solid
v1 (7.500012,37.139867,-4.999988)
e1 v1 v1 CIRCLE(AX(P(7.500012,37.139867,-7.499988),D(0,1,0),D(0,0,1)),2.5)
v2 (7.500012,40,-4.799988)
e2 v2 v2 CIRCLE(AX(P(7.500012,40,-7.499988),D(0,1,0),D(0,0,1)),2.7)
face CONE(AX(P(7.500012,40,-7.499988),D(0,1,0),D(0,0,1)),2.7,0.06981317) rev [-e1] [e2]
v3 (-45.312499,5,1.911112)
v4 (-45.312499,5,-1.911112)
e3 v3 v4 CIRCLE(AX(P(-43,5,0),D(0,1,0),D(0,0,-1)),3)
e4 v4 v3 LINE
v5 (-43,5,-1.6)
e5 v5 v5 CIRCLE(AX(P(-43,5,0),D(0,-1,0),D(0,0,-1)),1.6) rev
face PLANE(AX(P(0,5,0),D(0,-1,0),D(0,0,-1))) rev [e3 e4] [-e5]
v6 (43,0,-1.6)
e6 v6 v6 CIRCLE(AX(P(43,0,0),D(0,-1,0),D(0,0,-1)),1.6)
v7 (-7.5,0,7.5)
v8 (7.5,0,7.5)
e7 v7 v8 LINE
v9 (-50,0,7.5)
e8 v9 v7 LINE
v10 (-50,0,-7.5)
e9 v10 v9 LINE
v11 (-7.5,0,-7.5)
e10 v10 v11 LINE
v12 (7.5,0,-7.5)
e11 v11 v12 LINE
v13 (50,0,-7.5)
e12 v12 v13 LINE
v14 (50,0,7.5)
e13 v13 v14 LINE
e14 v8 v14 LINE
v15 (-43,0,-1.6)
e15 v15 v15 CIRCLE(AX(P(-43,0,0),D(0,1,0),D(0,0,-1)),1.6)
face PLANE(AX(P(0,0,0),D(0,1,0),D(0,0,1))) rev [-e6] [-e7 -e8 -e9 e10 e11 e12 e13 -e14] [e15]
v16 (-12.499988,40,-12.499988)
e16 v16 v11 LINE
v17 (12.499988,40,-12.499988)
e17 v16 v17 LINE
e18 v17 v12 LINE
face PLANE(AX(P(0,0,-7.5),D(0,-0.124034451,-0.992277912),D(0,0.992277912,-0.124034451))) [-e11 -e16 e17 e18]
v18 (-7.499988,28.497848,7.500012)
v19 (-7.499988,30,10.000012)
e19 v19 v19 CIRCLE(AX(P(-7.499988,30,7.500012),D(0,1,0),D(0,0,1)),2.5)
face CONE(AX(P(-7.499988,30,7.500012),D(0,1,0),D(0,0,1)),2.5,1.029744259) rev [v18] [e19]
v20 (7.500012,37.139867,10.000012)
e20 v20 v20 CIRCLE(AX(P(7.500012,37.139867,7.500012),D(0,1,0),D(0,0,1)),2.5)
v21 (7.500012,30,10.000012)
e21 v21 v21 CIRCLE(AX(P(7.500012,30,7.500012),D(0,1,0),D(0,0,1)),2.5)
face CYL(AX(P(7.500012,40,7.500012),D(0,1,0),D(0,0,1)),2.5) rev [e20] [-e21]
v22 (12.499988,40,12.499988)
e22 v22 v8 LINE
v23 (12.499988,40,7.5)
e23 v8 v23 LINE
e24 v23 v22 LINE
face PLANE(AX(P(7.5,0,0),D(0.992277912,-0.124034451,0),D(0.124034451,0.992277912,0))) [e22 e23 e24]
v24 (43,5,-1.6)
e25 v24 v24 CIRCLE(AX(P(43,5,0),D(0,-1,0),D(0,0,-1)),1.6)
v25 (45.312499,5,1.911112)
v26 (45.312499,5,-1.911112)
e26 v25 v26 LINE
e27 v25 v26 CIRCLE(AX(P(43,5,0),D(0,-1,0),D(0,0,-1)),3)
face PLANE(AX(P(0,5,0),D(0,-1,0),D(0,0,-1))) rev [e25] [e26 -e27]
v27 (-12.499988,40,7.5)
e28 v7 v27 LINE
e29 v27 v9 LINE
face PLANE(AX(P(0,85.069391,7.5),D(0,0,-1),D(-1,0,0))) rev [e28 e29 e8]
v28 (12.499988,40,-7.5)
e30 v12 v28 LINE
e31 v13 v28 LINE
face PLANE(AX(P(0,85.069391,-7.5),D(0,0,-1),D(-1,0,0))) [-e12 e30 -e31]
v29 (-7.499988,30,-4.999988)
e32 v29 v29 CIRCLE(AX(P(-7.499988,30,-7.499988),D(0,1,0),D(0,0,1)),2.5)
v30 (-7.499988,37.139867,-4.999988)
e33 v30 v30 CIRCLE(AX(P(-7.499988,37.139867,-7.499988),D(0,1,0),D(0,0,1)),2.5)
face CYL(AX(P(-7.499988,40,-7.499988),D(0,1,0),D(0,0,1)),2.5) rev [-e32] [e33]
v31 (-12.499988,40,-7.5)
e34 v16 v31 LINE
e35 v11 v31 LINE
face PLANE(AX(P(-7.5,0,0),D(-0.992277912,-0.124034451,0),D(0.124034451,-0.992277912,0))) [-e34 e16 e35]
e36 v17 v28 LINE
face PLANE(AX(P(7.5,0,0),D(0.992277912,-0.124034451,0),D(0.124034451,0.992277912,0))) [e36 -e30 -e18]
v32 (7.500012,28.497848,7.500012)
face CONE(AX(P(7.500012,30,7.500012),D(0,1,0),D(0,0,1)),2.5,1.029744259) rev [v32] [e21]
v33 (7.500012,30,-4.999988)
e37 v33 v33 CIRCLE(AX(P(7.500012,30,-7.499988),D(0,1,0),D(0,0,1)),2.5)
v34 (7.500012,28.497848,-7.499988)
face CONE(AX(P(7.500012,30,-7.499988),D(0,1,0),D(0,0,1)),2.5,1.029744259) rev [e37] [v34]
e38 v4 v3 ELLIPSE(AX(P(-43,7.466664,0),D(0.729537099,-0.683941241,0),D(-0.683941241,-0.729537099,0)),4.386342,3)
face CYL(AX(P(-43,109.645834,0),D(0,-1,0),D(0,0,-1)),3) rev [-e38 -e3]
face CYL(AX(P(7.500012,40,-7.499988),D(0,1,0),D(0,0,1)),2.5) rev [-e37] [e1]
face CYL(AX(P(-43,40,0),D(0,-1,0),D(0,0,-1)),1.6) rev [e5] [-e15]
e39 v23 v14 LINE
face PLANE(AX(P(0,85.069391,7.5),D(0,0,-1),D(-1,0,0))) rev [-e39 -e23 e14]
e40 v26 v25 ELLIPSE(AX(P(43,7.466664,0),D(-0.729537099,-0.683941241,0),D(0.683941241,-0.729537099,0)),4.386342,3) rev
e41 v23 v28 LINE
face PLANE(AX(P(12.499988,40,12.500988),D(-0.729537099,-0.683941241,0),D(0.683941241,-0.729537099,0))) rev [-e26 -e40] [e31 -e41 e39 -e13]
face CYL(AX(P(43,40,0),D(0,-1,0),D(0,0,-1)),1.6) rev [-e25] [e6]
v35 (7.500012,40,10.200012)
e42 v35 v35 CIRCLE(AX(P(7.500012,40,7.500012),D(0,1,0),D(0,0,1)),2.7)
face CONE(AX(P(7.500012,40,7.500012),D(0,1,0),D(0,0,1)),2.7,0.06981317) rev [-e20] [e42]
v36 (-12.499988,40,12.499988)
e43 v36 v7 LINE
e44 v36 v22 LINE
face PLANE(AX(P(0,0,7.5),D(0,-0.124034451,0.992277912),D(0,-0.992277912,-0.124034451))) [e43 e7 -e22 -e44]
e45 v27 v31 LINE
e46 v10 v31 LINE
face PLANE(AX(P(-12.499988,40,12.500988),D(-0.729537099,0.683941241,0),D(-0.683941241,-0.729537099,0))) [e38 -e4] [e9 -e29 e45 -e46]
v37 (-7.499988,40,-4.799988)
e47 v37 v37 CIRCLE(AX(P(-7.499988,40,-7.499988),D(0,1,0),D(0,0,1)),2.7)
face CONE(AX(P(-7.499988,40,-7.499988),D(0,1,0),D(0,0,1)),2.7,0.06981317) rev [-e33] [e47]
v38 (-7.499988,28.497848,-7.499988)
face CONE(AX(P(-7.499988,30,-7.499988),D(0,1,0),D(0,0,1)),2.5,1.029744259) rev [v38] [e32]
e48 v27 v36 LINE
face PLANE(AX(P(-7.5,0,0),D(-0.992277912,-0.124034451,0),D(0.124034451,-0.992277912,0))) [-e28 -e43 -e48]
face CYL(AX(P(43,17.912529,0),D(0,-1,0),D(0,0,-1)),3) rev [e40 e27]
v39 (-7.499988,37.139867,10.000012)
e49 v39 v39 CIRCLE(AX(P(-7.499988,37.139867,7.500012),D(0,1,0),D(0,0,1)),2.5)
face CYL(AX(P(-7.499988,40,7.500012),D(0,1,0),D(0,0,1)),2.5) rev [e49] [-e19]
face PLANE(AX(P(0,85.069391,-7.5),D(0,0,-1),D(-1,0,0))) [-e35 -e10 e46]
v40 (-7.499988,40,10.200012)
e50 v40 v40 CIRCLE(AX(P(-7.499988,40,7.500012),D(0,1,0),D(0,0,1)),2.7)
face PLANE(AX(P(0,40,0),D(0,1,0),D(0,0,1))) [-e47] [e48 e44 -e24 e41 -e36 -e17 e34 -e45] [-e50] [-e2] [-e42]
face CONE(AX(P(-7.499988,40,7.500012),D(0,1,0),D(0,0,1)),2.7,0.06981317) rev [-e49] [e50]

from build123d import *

# Parameters (mm, degrees)
SKETCH2_W            = 15
SKETCH2_H            = 15
BOSS_EXTRUDE1_DEPTH  = 40
BOSS_EXTRUDE1_TAPER  = -7.125
SKETCH2_4_W          = 42.5
SKETCH2_4_H          = 15
BOSS_EXTRUDE4_DEPTH  = 40
CUT_EXTRUDE1_DEPTH   = 15
CUT_EXTRUDE2_START   = -5
SKETCH5_R            = 1.6
SKETCH5_R_2          = 3
CUT_EXTRUDE2_DEPTH   = 35
SKETCH5_3_R          = 1.6
CUT_EXTRUDE3_DEPTH   = 41.0000001
LPATTERN1_COUNT      = 2
LPATTERN1_PITCH      = 15
LPATTERN1_COUNT_DIR2 = 2
LPATTERN1_PITCH_DIR2 = 15


with BuildPart() as part:
    # Sketch2 → Boss-Extrude1 (new body)
    with BuildSketch(Plane(origin=(0, 0, 0), x_dir=(1, 0, 0), z_dir=(0, 1, 0))):
        Rectangle(SKETCH2_W, SKETCH2_H)
    extrude(amount=BOSS_EXTRUDE1_DEPTH, taper=BOSS_EXTRUDE1_TAPER)

    # Sketch2<4> → Boss-Extrude4 (add)
    with BuildSketch(Plane(origin=(0, 0, 0), x_dir=(1, 0, 0), z_dir=(0, 1, 0))):
        with Locations((-28.75, 0)):
            Rectangle(SKETCH2_4_W, SKETCH2_4_H)
        with Locations((28.75, 0)):
            Rectangle(SKETCH2_4_W, SKETCH2_4_H)
    extrude(amount=BOSS_EXTRUDE4_DEPTH)

    # Sketch4 → Cut-Extrude1 (cut)
    with BuildSketch(Plane(origin=(0, 0, -7.5), x_dir=(-1, 0, 0), z_dir=(0, 0, -1))):
        Polygon((-12.499988408, 40), (-50, 0), (-50, 40), align=None)
    cut_extrude1 = extrude(amount=-CUT_EXTRUDE1_DEPTH, mode=Mode.SUBTRACT)

    # Sketch5 → Cut-Extrude2 (cut)
    with BuildSketch(Plane.XZ.offset(CUT_EXTRUDE2_START)):
        with Locations((43, 0)):
            Circle(SKETCH5_R)
        with Locations((43, 0)):
            Circle(SKETCH5_R_2)
        with Locations((43, 0)):
            Circle(SKETCH5_R, mode=Mode.SUBTRACT)
    cut_extrude2 = extrude(amount=-CUT_EXTRUDE2_DEPTH, mode=Mode.SUBTRACT)

    # Sketch5<3> → Cut-Extrude3 (cut, through all)
    with BuildSketch(Plane.XZ):
        with Locations((43, 0)):
            Circle(SKETCH5_3_R)
    cut_extrude3 = extrude(amount=-CUT_EXTRUDE3_DEPTH, mode=Mode.SUBTRACT)

    # Mirror1: Cut-Extrude1, Cut-Extrude2, Cut-Extrude3 across plane
    add(cut_extrude1.mirror(Plane(origin=(0, 0, 0), x_dir=(0, 0, 1), z_dir=(1, 0, 0))), mode=Mode.SUBTRACT)
    add(cut_extrude2.mirror(Plane(origin=(0, 0, 0), x_dir=(0, 0, 1), z_dir=(1, 0, 0))), mode=Mode.SUBTRACT)
    add(cut_extrude3.mirror(Plane(origin=(0, 0, 0), x_dir=(0, 0, 1), z_dir=(1, 0, 0))), mode=Mode.SUBTRACT)

    # Sketch8 → CSK for M3 Oval Head Machine Screw1 (revolve, cut)
    with BuildSketch(Plane(origin=(-7.499988408, 40, -7.499988408), x_dir=(0, 0, 1), z_dir=(1, 0, 0))):
        Polygon((0, 0), (0, 11.502151548), (2.5, 10), (2.5, 2.860133251), (2.7, 0), align=None)
    csk_for_m3_oval_head_machine_screw1 = revolve(axis=Axis((-7.499988408, 46.35, -7.499988408), (0, -1, 0)), mode=Mode.SUBTRACT)

    # LPattern1: CSK for M3 Oval Head Machine Screw1 2 × 2
    with Locations(*[(j * LPATTERN1_PITCH_DIR2, 0, i * LPATTERN1_PITCH) for i in range(LPATTERN1_COUNT) for j in range(LPATTERN1_COUNT_DIR2) if (i, j) != (0, 0)]):
        add(csk_for_m3_oval_head_machine_screw1, mode=Mode.SUBTRACT)


solid = part.part
